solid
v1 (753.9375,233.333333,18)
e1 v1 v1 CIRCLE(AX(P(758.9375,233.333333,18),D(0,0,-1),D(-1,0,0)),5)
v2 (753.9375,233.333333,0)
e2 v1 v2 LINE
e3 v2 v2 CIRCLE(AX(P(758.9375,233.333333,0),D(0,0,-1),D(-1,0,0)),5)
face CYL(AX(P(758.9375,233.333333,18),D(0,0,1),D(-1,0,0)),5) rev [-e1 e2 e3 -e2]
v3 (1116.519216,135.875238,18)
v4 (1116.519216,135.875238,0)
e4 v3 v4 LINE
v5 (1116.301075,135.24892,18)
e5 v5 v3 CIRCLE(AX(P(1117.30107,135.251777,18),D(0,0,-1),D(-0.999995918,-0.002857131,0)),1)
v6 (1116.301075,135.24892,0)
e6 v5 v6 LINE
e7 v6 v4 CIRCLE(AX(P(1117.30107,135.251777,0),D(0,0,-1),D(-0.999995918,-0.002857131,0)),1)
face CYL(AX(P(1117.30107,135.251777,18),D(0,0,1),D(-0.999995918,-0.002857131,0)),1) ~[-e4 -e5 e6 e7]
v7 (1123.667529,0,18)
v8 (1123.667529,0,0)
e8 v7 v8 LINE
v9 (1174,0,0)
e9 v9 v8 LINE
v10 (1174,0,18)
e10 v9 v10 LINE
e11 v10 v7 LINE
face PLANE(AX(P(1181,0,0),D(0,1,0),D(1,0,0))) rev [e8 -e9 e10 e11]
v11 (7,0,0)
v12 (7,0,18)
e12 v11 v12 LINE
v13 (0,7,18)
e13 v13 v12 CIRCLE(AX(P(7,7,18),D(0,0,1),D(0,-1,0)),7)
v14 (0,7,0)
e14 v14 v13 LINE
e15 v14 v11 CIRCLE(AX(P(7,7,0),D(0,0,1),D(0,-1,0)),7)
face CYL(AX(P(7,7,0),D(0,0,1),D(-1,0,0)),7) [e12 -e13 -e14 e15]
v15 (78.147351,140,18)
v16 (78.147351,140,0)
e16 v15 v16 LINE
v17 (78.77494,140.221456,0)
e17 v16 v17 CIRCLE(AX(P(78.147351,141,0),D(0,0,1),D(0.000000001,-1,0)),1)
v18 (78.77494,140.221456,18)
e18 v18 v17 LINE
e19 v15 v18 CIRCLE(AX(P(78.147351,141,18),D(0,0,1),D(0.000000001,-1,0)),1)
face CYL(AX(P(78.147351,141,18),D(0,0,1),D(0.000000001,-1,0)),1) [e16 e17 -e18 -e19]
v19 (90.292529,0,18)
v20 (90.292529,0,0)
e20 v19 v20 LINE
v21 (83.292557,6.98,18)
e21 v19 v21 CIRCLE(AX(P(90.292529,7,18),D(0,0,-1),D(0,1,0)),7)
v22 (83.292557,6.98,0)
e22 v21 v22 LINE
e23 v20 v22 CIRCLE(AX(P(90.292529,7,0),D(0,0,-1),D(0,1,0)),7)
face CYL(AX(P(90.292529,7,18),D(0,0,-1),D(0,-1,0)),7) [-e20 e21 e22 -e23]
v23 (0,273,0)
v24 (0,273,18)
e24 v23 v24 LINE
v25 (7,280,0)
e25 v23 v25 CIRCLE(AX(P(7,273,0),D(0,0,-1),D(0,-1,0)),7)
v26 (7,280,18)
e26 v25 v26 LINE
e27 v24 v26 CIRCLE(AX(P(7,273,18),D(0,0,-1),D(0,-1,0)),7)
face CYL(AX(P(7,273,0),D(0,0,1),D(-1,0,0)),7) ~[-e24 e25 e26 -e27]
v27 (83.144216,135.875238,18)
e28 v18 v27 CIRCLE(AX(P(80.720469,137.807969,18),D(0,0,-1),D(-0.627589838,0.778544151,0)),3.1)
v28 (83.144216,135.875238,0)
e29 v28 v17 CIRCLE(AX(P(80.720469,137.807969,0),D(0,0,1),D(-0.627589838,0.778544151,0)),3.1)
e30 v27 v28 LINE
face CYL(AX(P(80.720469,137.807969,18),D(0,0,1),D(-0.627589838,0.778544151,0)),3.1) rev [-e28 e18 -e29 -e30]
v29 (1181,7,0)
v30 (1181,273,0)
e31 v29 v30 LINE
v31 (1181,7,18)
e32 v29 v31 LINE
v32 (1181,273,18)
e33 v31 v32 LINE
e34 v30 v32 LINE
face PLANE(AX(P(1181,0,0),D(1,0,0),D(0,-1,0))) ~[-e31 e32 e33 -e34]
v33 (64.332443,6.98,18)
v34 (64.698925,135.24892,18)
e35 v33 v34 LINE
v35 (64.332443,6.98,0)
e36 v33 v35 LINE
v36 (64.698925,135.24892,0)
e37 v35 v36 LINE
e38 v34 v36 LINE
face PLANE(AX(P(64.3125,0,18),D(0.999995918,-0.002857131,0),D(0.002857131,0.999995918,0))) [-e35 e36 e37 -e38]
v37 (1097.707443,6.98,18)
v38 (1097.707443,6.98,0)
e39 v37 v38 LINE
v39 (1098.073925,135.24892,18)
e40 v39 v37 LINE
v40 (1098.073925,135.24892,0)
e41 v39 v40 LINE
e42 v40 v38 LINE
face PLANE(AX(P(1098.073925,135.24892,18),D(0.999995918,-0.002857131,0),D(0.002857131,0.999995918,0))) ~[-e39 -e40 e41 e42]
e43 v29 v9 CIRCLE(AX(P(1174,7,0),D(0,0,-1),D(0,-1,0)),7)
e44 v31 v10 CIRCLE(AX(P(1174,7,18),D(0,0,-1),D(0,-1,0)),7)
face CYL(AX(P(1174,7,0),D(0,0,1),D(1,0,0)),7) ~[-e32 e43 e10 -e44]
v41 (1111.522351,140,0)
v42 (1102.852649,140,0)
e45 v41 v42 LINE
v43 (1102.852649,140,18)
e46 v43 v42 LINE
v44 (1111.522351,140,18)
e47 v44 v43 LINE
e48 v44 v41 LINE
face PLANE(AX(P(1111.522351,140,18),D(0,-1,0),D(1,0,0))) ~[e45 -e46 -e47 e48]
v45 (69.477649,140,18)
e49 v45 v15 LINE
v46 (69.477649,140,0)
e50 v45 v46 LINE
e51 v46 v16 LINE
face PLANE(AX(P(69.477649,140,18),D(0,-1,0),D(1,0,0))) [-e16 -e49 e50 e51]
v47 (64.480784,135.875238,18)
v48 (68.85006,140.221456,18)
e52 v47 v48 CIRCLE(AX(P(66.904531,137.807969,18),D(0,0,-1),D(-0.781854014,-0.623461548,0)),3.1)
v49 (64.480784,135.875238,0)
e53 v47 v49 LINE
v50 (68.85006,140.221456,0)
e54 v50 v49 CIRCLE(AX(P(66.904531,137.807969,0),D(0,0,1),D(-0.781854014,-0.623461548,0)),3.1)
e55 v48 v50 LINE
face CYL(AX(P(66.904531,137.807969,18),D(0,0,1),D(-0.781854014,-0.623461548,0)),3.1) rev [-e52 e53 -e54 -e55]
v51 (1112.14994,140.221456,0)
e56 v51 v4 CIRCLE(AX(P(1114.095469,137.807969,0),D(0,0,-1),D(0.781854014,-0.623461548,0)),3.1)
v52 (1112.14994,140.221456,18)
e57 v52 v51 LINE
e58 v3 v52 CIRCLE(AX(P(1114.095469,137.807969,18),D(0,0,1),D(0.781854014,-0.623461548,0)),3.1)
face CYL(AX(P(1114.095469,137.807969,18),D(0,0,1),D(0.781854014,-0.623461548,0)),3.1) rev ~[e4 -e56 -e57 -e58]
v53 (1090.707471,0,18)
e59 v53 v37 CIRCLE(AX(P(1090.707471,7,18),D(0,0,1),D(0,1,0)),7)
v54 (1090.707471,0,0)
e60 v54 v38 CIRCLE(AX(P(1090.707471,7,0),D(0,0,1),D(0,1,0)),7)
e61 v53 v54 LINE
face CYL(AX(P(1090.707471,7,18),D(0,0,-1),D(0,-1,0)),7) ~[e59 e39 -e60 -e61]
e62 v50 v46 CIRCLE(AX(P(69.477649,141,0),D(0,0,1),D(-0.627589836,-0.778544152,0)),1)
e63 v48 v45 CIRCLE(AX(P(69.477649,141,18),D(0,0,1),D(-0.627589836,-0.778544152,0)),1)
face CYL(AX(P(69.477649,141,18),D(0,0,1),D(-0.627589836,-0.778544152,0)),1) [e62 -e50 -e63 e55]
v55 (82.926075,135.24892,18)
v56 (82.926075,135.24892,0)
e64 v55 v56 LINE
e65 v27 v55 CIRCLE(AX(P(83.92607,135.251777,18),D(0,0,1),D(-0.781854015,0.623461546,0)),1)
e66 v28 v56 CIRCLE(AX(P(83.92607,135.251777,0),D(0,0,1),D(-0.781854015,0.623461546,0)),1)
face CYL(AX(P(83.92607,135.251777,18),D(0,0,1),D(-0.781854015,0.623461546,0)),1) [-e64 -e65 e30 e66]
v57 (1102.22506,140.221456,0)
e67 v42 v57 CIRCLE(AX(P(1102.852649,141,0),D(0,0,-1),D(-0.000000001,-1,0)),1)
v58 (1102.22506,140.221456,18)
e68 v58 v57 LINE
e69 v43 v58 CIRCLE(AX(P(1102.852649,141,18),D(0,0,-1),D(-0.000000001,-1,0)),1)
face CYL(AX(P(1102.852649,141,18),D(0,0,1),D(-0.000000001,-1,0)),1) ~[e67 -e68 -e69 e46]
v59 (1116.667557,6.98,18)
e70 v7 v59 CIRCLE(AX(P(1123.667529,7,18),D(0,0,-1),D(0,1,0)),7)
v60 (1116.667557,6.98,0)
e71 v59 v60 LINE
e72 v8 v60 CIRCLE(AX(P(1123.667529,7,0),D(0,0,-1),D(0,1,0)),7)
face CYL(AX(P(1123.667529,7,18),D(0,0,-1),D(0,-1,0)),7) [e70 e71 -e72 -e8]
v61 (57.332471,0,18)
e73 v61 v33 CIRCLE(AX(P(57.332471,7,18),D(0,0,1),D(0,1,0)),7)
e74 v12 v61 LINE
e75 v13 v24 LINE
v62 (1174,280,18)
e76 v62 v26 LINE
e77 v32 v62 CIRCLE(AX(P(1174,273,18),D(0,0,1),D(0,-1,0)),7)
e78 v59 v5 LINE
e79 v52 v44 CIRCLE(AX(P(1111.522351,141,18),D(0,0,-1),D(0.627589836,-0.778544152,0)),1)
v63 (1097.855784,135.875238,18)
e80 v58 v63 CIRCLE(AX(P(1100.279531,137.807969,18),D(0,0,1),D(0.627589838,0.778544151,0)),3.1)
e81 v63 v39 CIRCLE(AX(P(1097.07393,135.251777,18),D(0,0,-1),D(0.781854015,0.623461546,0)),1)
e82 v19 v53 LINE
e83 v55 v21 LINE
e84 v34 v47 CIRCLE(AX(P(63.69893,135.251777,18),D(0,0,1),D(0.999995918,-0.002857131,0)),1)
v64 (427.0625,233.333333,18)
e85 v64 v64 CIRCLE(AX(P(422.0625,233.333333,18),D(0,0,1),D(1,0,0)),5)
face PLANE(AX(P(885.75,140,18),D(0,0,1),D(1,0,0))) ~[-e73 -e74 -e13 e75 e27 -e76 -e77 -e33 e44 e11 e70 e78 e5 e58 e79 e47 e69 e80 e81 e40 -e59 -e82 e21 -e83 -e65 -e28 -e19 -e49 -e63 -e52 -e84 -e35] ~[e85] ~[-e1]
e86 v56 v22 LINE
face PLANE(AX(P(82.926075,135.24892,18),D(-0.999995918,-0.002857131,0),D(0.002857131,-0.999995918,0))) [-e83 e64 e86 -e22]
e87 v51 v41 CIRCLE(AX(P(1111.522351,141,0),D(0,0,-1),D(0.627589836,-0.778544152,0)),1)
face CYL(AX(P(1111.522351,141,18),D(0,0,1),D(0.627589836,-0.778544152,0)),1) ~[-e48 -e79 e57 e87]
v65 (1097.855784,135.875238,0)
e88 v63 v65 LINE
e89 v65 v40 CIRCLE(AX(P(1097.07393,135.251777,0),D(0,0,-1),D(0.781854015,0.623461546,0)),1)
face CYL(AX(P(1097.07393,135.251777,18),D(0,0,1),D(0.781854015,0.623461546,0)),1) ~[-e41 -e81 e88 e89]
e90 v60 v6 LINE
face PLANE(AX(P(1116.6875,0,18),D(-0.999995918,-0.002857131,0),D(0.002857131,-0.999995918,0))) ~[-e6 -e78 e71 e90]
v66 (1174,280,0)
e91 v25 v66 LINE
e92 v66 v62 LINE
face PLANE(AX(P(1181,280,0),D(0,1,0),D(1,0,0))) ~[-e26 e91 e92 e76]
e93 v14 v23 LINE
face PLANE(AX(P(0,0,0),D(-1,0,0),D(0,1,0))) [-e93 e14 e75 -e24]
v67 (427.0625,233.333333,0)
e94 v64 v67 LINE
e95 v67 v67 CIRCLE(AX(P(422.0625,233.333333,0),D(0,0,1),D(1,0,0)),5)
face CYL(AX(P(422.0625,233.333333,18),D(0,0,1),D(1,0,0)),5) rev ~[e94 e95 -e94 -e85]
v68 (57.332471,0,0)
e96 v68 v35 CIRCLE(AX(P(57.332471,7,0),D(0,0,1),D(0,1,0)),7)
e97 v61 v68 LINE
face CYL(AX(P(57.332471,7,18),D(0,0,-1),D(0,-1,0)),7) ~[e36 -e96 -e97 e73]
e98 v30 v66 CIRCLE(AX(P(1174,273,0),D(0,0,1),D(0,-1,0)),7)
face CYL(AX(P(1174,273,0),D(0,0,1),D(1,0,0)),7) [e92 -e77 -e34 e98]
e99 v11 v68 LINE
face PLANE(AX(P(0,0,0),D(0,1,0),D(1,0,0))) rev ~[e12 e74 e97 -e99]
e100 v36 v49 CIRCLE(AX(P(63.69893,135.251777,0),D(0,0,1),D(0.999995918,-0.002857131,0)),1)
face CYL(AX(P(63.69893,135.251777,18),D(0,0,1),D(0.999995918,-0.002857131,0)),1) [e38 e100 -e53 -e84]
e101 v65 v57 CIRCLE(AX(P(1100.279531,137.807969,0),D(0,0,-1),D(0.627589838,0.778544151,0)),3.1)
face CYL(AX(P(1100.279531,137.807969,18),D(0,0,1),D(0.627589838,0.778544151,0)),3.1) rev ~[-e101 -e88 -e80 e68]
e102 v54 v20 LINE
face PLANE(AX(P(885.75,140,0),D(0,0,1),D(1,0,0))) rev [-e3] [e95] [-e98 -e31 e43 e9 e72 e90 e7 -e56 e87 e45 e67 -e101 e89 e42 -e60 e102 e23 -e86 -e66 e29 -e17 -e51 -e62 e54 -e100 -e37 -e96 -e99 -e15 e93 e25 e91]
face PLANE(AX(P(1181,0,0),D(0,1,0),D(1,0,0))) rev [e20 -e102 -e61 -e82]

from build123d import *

# Parameters (mm, degrees)
ESQUISSE1_W         = 590.5
ESQUISSE1_H         = 280
BOSS_EXTRUDE1_DEPTH = 18
CUT_EXTRUDE1_DEPTH  = 654.769263579
ESQUISSE3_R         = 5
CUT_EXTRUDE2_DEPTH  = 654.769263579
CONG_1_R            = 7


with BuildPart() as part:
    # Esquisse1 → Boss-Extrude1 (new body)
    with BuildSketch(Plane.XY):
        with Locations((295.25, 140)):
            Rectangle(ESQUISSE1_W, ESQUISSE1_H)
    extrude(amount=BOSS_EXTRUDE1_DEPTH)

    # Esquisse2 → Cut-Extrude1 (cut, through all)
    with BuildSketch(Plane.XY.offset(18)):
        with BuildLine():
            Line((69.477649355, 140), (78.147350645, 140))
            ThreePointArc((78.147350645, 140), (78.480108702, 140.056987765), (78.774940482, 140.221455848))
            ThreePointArc((78.774940482, 140.221455848), (82.906692971, 140.005791686), (83.14421642, 135.875238181))
            ThreePointArc((83.14421642, 135.875238181), (82.981710298, 135.580689894), (82.926074516, 135.248919502))
            Line((82.926074516, 135.248919502), (83.3125, 0))
            Line((83.3125, 0), (64.3125, 0))
            Line((64.3125, 0), (64.698925484, 135.248919502))
            ThreePointArc((64.698925484, 135.248919502), (64.643289702, 135.580689894), (64.48078358, 135.875238181))
            ThreePointArc((64.48078358, 135.875238181), (64.718307029, 140.005791686), (68.850059518, 140.221455848))
            ThreePointArc((68.850059518, 140.221455848), (69.144891298, 140.056987765), (69.477649355, 140))
        make_face()
    extrude(amount=-CUT_EXTRUDE1_DEPTH, mode=Mode.SUBTRACT)

    # Esquisse3 → Cut-Extrude2 (cut, through all)
    with BuildSketch(Plane.XY.offset(18)):
        with Locations((422.0625, 233.333333333)):
            Circle(ESQUISSE3_R)
    extrude(amount=-CUT_EXTRUDE2_DEPTH, mode=Mode.SUBTRACT)

    # Cong_1
    cong_1_edges = [part.edges().sort_by_distance(p)[0] for p in [
        (83.3125, 0, 9),
        (64.3125, 0, 9),
        (0, 280, 9),
        (0, 0, 9),
    ]]
    fillet(cong_1_edges, radius=CONG_1_R)

    # Sym_trie1: part across plane


with BuildPart() as part_1:
    add(part.part)
    add(part.part.mirror(Plane(origin=(590.5, 0, 18), x_dir=(0, 0, 1), z_dir=(-1, 0, 0))))


solid = part_1.part
